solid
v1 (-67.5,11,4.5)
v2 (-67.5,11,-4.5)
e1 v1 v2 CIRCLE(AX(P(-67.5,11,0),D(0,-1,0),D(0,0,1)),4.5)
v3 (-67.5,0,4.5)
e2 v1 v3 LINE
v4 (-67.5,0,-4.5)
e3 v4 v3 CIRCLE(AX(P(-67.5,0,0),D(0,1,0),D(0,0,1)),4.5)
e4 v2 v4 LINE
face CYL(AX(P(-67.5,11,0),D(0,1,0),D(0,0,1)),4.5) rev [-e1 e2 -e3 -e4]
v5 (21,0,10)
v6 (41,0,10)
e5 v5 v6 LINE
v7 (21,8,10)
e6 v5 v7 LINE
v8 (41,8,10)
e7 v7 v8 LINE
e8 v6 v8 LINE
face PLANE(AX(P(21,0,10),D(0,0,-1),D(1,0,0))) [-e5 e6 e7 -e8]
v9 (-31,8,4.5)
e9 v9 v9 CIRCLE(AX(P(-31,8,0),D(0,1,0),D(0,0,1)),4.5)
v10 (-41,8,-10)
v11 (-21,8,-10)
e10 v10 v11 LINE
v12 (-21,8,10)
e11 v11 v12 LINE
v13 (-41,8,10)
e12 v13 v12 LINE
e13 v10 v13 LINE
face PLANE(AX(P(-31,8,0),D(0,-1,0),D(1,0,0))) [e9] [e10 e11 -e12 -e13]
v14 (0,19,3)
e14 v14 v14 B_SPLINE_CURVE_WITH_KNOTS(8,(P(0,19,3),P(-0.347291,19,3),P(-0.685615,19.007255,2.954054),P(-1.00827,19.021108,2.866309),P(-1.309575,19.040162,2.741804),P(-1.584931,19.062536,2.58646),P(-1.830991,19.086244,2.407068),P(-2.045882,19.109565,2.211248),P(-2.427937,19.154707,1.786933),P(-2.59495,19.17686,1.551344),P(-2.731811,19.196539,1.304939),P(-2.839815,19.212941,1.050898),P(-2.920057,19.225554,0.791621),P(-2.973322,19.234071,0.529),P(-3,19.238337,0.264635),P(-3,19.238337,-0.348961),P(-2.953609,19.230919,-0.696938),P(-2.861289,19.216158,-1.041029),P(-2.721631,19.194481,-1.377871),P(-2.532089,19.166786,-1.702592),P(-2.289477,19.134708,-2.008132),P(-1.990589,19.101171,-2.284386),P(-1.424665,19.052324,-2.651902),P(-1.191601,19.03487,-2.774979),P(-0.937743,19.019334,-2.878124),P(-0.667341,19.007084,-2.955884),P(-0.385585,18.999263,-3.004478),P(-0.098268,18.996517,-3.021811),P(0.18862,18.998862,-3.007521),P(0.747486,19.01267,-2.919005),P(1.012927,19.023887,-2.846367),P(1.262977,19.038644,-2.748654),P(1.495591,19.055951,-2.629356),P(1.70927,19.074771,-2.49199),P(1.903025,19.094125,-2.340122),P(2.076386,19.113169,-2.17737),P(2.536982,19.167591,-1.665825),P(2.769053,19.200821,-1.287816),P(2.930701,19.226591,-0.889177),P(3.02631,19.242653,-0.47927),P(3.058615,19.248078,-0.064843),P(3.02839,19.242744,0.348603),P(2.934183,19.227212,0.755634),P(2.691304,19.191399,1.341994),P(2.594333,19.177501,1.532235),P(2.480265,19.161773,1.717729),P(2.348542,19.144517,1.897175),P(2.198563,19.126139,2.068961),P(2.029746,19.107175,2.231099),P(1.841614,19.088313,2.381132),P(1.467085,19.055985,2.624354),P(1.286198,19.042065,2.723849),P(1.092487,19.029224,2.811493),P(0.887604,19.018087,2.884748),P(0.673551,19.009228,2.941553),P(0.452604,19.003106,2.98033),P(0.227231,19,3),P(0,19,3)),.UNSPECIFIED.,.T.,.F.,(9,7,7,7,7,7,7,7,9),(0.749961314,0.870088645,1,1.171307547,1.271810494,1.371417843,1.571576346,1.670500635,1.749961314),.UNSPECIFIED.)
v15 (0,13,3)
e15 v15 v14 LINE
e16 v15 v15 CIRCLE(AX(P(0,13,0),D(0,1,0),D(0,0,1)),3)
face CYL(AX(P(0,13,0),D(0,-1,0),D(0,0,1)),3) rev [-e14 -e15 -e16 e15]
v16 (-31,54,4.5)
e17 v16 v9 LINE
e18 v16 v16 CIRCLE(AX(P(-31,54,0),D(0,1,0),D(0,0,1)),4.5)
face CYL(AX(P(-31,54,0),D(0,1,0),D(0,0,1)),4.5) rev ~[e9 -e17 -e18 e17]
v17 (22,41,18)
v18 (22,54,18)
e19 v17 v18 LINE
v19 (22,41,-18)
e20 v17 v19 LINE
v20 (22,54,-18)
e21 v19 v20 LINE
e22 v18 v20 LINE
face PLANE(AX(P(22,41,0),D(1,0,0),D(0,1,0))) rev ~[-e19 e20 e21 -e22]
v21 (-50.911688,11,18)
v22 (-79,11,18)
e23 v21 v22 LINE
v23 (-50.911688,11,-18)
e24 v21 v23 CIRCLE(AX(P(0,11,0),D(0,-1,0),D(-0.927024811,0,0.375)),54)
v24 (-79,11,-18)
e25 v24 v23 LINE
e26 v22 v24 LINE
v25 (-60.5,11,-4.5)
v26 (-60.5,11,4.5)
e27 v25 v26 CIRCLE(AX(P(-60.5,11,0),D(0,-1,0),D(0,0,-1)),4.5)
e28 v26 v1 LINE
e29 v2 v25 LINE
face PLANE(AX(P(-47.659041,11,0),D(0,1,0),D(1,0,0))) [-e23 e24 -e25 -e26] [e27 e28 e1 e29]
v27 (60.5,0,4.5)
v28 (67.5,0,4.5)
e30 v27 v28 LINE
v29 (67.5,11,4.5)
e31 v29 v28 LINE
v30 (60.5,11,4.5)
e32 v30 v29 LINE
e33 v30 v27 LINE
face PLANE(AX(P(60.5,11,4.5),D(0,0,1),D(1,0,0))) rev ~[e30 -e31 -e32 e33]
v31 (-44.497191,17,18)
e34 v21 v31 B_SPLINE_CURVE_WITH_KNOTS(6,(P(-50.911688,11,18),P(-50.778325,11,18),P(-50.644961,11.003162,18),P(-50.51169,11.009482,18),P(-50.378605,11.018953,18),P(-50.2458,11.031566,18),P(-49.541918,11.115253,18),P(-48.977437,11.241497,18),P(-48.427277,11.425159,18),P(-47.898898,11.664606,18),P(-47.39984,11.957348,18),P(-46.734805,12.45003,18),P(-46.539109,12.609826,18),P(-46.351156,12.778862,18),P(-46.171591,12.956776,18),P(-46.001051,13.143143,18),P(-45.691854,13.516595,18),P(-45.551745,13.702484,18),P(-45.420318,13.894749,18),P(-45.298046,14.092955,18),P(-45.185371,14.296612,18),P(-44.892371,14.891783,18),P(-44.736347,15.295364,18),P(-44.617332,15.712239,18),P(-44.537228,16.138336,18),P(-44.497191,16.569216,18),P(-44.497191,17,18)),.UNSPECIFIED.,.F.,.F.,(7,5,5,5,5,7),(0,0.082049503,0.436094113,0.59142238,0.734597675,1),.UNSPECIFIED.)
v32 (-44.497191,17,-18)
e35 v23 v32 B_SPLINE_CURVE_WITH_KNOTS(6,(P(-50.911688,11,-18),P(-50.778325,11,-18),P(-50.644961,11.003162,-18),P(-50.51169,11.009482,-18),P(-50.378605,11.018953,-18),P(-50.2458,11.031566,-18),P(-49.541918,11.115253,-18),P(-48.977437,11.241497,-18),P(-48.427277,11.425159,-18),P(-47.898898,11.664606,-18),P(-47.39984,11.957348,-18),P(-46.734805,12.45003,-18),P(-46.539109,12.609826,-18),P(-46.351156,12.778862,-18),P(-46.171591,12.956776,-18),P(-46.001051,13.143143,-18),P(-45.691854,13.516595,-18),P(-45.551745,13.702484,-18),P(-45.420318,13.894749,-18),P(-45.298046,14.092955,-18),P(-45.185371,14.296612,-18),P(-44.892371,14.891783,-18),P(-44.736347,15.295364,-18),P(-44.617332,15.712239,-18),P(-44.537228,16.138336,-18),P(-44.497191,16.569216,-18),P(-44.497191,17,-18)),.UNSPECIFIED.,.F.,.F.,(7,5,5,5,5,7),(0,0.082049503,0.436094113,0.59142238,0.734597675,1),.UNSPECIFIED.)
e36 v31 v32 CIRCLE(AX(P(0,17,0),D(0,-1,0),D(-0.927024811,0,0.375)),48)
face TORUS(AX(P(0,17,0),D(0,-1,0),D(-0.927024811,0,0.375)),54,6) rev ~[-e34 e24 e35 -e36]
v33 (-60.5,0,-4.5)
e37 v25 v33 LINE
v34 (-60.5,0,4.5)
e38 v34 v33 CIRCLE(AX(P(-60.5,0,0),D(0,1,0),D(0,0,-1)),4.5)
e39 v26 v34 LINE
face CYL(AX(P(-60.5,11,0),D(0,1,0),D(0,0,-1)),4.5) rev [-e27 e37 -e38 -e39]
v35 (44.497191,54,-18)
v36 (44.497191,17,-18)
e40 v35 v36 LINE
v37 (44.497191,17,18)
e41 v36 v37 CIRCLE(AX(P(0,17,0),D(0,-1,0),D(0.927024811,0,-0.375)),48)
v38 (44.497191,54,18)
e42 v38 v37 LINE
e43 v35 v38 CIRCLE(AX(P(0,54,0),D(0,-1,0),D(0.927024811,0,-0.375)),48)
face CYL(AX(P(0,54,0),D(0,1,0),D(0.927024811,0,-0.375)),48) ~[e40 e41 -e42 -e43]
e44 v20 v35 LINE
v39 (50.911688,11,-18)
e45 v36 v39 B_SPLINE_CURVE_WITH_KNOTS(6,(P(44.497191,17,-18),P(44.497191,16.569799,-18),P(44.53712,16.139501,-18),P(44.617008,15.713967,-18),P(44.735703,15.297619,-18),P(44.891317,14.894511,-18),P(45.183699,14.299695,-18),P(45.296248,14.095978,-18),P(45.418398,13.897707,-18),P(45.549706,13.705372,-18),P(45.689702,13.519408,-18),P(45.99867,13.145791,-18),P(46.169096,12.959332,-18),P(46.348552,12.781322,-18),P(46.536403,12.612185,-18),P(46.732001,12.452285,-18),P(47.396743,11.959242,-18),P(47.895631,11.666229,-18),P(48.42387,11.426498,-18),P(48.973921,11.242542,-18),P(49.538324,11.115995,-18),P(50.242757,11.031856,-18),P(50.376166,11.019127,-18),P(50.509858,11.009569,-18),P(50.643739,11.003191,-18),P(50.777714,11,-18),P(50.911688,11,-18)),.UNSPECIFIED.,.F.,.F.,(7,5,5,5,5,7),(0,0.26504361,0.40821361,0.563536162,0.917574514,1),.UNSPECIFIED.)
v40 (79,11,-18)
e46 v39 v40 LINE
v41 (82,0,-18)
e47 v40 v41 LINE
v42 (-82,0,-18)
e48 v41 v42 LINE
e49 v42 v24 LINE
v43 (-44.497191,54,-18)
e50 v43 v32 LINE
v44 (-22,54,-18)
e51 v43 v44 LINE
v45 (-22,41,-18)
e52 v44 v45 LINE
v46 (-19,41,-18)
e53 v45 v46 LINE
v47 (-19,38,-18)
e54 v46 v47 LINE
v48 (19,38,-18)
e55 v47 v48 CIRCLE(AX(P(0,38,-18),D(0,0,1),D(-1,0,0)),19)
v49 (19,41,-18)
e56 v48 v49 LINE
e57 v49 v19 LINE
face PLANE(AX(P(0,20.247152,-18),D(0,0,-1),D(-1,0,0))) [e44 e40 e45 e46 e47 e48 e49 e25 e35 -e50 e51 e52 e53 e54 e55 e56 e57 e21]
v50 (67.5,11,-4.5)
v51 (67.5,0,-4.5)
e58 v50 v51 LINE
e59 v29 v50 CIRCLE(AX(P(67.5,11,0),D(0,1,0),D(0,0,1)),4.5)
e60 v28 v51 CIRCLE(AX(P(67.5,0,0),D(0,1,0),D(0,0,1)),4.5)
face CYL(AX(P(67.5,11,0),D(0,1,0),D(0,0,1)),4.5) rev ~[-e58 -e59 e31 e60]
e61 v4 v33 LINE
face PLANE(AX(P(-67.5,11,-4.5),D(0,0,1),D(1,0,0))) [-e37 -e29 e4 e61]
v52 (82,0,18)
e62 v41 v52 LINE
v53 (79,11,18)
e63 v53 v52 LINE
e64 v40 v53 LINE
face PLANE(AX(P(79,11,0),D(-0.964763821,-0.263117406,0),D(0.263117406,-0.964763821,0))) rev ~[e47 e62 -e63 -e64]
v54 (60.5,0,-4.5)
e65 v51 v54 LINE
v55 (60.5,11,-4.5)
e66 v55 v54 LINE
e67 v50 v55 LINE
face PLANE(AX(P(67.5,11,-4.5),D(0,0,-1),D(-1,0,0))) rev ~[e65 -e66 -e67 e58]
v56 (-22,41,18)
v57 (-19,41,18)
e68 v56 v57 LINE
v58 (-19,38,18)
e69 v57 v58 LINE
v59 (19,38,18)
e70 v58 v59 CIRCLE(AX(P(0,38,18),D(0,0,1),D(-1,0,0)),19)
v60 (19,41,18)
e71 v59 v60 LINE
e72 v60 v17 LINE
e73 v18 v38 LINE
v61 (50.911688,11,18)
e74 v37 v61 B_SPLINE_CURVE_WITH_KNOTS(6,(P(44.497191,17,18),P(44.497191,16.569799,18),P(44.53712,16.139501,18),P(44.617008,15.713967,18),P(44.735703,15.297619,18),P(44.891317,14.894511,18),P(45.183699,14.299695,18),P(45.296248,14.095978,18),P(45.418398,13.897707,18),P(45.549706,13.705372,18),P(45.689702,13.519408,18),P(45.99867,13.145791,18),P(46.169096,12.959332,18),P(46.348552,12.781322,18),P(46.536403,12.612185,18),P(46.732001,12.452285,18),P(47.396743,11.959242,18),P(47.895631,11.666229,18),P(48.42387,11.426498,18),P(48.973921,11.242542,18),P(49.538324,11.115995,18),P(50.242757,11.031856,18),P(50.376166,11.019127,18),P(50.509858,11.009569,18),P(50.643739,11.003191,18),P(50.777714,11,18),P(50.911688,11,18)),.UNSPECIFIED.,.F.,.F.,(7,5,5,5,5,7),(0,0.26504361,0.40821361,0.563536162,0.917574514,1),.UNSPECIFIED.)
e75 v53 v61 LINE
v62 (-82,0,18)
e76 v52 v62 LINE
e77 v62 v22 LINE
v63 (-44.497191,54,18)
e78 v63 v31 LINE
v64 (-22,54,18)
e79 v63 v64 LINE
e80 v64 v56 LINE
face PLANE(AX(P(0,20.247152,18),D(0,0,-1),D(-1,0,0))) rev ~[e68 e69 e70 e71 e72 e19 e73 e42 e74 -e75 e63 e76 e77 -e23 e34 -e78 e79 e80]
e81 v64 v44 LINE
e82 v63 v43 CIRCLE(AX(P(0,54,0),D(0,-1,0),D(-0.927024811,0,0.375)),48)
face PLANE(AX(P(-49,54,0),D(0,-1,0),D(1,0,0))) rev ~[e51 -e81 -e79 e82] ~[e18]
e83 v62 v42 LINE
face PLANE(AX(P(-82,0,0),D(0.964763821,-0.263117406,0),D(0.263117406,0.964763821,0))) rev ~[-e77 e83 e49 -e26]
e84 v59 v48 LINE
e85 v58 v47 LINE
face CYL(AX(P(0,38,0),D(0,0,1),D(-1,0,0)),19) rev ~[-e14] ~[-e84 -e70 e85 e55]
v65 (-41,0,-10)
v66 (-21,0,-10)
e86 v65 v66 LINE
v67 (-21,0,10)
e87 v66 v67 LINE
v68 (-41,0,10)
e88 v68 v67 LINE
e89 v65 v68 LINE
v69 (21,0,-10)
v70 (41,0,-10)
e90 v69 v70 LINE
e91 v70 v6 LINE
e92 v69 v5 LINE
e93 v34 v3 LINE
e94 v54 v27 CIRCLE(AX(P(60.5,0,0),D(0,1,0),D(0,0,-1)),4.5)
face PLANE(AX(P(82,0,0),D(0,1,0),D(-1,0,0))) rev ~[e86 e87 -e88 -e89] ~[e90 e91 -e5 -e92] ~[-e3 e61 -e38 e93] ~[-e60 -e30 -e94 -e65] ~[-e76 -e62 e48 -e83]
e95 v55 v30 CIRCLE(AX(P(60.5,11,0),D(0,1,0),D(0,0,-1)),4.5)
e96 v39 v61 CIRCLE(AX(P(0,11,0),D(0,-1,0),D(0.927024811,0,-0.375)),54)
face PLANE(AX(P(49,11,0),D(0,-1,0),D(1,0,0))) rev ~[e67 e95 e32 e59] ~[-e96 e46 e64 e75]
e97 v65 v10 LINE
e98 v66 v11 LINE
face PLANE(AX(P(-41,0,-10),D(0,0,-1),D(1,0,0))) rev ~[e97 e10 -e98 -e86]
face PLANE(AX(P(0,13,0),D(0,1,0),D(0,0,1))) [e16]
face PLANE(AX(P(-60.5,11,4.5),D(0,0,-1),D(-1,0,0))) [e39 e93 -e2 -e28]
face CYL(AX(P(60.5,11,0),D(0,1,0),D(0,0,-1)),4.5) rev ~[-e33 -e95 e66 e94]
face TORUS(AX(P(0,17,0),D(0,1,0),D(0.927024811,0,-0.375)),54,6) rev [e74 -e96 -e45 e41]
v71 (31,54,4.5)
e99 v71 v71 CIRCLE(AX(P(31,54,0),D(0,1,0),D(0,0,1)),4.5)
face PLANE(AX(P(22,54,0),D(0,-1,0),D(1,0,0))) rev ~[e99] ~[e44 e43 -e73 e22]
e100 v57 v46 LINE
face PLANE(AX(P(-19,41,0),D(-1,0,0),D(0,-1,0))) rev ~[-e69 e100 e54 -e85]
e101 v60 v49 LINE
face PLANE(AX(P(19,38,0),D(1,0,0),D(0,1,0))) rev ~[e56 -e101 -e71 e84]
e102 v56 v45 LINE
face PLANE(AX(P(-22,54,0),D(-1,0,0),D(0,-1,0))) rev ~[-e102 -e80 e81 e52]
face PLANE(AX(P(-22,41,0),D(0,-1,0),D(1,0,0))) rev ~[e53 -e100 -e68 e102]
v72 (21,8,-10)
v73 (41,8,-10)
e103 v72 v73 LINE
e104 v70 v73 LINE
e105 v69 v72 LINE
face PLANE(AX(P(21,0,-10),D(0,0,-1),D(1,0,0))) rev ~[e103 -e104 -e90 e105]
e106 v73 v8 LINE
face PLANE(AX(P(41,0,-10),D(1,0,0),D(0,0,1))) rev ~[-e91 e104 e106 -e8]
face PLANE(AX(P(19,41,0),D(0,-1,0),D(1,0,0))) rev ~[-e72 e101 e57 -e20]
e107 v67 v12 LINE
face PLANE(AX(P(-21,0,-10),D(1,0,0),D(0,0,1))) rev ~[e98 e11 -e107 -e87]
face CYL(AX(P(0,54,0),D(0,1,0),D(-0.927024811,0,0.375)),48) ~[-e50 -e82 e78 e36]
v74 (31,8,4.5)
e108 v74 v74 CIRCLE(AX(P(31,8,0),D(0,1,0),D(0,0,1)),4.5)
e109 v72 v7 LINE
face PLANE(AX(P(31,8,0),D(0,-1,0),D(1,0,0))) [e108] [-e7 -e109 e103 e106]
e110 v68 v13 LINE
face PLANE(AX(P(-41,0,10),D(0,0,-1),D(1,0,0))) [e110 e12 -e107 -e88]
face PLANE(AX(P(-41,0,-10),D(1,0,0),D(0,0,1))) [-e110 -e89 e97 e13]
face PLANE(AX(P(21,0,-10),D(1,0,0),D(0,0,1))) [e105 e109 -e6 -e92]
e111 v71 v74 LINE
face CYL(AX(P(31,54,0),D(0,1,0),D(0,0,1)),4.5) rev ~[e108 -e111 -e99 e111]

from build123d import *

# Parameters (mm, degrees)
BOSS_EXTRUDE1_DEPTH = 18
CUT_EXTRUDE1_DEPTH  = 43
SKETCH12_W          = 20
SKETCH12_H          = 20
CUT_EXTRUDE2_DEPTH  = 8
SKETCH13_R          = 4.5
CUT_EXTRUDE3_DEPTH  = 55
CUT_EXTRUDE4_DEPTH  = 12
CUT_EXTRUDE8_START  = -6
SKETCH18_R          = 3
CUT_EXTRUDE8_DEPTH  = 6.238337
FILLET1_R           = 6


with BuildPart() as part:
    # Sketch1 → Boss-Extrude1 (new body, symmetric)
    with BuildSketch(Plane.XY):
        with BuildLine():
            Line((82, 0), (-82, 0))
            Line((-82, 0), (-79, 11))
            Line((-79, 11), (-49, 11))
            Line((-49, 11), (-49, 54))
            Line((-49, 54), (-22, 54))
            Line((-22, 54), (-22, 41))
            Line((-22, 41), (-19, 41))
            Line((-19, 41), (-19, 38))
            ThreePointArc((-19, 38), (0, 19), (19, 38))
            Line((19, 38), (19, 41))
            Line((19, 41), (22, 41))
            Line((22, 41), (22, 54))
            Line((22, 54), (49, 54))
            Line((49, 54), (49, 11))
            Line((49, 11), (79, 11))
            Line((79, 11), (82, 0))
        make_face()
    extrude(amount=BOSS_EXTRUDE1_DEPTH, both=True)

    # Sketch3 → Cut-Extrude1 (cut)
    with BuildSketch(Plane(origin=(0, 54, 0), x_dir=(1, 0, 0), z_dir=(0, 1, 0))):
        with BuildLine():
            Line((-44.497190923, 18), (-49, 18))
            Line((-49, 18), (-49, -18))
            Line((-49, -18), (-44.497190923, -18))
            ThreePointArc((-44.497190923, -18), (-48, 0), (-44.497190923, 18))
        make_face()
        with BuildLine():
            Line((49, -18), (49, 18))
            Line((49, 18), (44.497190923, 18))
            ThreePointArc((44.497190923, 18), (48, 0), (44.497190923, -18))
            Line((44.497190923, -18), (49, -18))
        make_face()
    extrude(amount=-CUT_EXTRUDE1_DEPTH, mode=Mode.SUBTRACT)

    # Sketch12 → Cut-Extrude2 (cut)
    with BuildSketch(Plane.XZ):
        with Locations((-31, 0)):
            Rectangle(SKETCH12_W, SKETCH12_H)
        with Locations((31, 0)):
            Rectangle(SKETCH12_W, SKETCH12_H)
    extrude(amount=-CUT_EXTRUDE2_DEPTH, mode=Mode.SUBTRACT)

    # Sketch13 → Cut-Extrude3 (cut, through all)
    with BuildSketch(Plane(origin=(0, 54, 0), x_dir=(1, 0, 0), z_dir=(0, 1, 0))):
        with Locations(Location((-31, 0, 0), (0, 0, 270))):  # turned: the seam where the file's is
            Circle(SKETCH13_R)
        with Locations(Location((31, 0, 0), (0, 0, 270))):  # turned: the seam where the file's is
            Circle(SKETCH13_R)
    extrude(amount=-CUT_EXTRUDE3_DEPTH, mode=Mode.SUBTRACT)

    # Sketch14 → Cut-Extrude4 (cut, through all)
    with BuildSketch(Plane(origin=(0, 11, 0), x_dir=(1, 0, 0), z_dir=(0, 1, 0))):
        with BuildLine():
            Line((-67.5, 4.5), (-60.5, 4.5))
            ThreePointArc((-60.5, 4.5), (-56, 0), (-60.5, -4.5))
            Line((-60.5, -4.5), (-67.5, -4.5))
            ThreePointArc((-67.5, -4.5), (-72, 0), (-67.5, 4.5))
        make_face()
        with BuildLine():
            Line((67.5, 4.5), (60.5, 4.5))
            ThreePointArc((60.5, 4.5), (56, 0), (60.5, -4.5))
            Line((60.5, -4.5), (67.5, -4.5))
            ThreePointArc((67.5, -4.5), (72, 0), (67.5, 4.5))
        make_face()
    extrude(amount=-CUT_EXTRUDE4_DEPTH, mode=Mode.SUBTRACT)

    # Sketch18 → Cut-Extrude8 (cut)
    with BuildSketch(Plane(origin=(0, 19, 0), x_dir=(1, 0, 0), z_dir=(0, 1, 0)).offset(CUT_EXTRUDE8_START)):
        with Locations(Location((0, 0, 0), (0, 0, 270))):  # turned: the seam where the file's is
            Circle(SKETCH18_R)
    extrude(amount=CUT_EXTRUDE8_DEPTH, mode=Mode.SUBTRACT)

    # Fillet1
    fillet1_edges = [part.edges().sort_by_distance(p)[0] for p in [
        (-48, 11, 0),
        (48, 11, 0),
    ]]
    fillet(fillet1_edges, radius=FILLET1_R)


solid = part.part
